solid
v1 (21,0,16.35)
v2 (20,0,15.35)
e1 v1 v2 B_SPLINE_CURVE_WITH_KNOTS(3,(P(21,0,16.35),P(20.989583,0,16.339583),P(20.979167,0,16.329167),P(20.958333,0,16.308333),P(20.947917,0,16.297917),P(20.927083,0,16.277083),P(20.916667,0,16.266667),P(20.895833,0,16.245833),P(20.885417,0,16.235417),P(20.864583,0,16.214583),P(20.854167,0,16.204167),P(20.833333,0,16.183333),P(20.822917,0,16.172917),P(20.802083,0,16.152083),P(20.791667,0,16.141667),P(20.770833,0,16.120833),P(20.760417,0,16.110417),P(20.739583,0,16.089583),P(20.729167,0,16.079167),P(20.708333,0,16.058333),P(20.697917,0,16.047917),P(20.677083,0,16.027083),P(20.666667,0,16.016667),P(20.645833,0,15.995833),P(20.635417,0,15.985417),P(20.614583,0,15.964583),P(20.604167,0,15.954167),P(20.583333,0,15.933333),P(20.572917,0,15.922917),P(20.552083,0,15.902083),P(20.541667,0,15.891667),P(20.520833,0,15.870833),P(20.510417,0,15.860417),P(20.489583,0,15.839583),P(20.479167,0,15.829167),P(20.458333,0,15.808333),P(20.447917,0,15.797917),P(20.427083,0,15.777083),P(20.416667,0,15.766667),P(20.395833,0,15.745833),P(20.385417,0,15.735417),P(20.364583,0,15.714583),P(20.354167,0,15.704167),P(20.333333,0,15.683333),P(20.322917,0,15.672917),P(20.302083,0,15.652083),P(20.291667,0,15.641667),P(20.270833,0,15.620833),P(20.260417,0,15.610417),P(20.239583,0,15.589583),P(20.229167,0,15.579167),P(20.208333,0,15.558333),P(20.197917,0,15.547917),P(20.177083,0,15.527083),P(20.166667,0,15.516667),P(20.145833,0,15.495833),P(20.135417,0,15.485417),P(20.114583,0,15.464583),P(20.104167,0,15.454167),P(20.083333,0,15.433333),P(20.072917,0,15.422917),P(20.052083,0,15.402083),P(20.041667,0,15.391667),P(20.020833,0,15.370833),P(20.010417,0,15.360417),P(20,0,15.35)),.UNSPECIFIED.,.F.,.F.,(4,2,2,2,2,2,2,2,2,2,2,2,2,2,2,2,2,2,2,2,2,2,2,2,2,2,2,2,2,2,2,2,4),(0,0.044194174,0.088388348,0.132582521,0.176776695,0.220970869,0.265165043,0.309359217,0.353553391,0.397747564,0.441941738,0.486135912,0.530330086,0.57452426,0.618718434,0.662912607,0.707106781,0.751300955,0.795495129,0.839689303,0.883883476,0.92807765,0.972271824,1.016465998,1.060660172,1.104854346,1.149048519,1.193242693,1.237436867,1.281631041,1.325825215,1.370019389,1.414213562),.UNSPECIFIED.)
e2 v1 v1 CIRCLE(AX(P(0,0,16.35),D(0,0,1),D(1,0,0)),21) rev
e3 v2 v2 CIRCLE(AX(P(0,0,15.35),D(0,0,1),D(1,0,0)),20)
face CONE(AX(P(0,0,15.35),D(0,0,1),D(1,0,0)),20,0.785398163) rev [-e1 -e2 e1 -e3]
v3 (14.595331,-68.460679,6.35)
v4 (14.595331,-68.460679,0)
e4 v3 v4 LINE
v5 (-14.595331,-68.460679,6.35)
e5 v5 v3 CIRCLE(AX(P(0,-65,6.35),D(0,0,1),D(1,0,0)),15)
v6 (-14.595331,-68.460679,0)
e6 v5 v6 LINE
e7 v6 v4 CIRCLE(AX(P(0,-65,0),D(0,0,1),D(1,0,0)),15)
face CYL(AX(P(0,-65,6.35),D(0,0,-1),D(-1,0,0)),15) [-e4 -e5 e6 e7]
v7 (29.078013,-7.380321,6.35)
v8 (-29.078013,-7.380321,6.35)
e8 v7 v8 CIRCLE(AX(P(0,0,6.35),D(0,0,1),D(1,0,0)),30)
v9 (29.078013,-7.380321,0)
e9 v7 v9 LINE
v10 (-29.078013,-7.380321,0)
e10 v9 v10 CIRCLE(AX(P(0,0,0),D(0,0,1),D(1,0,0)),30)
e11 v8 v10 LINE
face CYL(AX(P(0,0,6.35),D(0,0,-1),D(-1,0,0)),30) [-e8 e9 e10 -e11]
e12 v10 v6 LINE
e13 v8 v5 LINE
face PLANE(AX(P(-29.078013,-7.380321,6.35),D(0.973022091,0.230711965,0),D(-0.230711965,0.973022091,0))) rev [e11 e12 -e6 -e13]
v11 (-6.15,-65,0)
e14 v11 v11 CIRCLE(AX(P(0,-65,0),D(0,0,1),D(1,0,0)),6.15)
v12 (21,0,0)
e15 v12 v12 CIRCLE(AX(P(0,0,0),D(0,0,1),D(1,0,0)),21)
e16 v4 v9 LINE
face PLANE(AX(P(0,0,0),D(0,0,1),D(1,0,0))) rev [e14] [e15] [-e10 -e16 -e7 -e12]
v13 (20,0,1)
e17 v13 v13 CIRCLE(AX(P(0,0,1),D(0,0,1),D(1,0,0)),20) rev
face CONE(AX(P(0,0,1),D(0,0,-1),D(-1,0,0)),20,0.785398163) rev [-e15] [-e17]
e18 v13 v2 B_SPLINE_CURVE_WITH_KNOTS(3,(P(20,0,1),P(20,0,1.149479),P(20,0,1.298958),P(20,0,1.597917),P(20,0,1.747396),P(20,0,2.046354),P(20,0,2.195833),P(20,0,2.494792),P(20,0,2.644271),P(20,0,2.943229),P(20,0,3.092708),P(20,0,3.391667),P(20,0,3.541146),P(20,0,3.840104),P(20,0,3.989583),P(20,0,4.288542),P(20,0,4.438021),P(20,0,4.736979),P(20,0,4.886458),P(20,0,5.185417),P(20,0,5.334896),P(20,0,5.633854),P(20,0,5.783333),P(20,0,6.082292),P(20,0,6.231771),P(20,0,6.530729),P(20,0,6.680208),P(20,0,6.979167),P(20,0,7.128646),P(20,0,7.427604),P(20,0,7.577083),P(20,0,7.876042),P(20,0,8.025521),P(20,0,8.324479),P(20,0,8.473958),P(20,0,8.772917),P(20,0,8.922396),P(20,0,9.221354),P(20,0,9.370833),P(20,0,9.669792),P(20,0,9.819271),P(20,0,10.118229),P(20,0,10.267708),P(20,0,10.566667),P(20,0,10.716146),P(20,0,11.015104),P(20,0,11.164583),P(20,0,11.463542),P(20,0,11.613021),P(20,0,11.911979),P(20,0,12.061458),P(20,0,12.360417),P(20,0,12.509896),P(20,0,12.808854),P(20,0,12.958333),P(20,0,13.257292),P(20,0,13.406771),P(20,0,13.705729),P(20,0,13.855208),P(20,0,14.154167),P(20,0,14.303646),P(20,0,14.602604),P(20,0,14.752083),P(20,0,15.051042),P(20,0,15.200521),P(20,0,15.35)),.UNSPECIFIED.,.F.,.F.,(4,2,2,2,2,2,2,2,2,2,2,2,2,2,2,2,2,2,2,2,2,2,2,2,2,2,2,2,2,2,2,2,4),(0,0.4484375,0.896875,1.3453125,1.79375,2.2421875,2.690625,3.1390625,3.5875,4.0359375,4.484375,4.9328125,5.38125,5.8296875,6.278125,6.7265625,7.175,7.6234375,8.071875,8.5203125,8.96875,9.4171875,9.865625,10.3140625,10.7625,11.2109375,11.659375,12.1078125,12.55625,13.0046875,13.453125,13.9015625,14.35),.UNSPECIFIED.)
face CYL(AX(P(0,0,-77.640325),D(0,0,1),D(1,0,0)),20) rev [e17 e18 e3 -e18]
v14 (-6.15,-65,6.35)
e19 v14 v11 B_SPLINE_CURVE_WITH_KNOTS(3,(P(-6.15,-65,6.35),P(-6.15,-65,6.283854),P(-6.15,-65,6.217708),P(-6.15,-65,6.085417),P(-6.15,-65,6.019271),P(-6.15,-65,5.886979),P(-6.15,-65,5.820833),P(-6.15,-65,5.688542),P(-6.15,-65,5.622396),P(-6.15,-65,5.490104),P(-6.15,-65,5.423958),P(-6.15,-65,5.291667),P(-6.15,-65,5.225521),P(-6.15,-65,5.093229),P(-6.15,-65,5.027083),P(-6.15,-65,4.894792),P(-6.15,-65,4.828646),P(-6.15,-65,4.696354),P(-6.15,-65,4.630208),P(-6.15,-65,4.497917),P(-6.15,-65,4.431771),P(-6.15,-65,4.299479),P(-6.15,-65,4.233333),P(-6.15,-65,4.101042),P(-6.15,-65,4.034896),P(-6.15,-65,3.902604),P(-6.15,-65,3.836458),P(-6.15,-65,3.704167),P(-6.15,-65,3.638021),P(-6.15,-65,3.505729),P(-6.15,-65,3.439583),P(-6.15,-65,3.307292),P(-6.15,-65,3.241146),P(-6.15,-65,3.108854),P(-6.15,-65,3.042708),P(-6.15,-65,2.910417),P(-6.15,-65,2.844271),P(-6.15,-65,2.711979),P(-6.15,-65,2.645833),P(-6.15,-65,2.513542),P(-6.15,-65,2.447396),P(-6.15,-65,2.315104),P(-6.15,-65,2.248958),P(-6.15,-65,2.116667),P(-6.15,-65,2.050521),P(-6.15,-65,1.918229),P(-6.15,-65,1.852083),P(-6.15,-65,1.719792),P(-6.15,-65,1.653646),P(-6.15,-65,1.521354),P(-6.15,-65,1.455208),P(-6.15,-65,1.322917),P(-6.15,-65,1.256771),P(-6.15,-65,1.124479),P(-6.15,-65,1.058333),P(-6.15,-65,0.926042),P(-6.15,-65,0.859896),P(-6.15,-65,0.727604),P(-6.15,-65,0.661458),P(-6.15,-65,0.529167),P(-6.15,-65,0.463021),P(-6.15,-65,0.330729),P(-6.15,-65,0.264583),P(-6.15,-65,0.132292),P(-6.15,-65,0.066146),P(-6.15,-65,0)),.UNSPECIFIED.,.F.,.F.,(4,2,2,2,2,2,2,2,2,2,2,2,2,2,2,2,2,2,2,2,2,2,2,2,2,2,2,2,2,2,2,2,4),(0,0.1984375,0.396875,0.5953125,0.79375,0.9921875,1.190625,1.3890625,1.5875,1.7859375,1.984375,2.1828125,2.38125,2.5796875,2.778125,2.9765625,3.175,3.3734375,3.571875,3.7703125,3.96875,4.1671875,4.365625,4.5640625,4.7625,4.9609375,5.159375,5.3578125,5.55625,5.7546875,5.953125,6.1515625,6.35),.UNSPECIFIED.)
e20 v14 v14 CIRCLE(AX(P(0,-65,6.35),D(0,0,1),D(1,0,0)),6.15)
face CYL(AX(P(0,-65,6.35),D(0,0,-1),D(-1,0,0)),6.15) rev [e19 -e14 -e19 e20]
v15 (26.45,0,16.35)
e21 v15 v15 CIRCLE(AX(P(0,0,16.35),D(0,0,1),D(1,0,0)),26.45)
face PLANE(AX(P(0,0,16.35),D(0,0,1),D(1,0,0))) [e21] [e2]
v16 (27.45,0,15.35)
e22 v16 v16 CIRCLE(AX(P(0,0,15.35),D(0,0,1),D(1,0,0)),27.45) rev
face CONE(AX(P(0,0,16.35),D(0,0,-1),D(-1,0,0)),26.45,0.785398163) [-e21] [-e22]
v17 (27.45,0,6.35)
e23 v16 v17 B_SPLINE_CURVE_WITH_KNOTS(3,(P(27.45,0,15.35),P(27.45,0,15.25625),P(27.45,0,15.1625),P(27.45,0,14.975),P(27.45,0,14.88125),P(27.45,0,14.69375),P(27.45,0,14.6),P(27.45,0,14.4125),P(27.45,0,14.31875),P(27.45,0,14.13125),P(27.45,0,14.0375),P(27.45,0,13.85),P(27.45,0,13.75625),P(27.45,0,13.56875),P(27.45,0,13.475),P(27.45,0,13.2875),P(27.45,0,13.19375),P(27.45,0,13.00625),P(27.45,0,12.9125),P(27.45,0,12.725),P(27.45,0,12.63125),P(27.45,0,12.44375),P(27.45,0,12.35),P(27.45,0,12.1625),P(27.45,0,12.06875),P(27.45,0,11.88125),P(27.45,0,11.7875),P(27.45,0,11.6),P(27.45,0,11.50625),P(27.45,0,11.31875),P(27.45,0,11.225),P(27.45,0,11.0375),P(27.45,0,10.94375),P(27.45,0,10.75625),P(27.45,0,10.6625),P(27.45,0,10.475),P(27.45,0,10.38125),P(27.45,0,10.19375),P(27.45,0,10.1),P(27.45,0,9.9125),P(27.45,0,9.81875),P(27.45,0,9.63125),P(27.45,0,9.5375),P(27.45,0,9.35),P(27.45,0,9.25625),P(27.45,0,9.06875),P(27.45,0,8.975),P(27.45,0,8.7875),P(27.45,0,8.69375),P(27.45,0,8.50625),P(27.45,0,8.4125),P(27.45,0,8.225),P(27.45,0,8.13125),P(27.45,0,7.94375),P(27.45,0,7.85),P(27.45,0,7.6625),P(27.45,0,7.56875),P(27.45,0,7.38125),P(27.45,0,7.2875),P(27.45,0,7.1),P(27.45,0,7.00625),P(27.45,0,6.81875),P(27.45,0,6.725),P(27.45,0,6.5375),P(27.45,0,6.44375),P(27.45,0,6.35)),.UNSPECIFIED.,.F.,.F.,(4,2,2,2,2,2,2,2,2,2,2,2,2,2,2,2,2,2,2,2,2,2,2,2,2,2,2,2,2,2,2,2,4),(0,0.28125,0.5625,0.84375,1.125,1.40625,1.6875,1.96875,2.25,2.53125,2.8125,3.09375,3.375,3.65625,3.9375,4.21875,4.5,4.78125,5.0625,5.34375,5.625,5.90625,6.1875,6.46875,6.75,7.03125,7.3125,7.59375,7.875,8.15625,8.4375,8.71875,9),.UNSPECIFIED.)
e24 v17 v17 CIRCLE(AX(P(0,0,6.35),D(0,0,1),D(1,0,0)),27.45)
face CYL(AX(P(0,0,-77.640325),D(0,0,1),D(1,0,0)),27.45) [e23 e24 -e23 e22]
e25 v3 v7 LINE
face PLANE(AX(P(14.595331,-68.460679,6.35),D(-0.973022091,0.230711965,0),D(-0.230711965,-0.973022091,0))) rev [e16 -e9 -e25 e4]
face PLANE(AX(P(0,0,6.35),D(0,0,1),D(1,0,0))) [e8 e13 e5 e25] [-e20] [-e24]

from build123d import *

# Parameters (mm, degrees)
CROQUIS1_R                          = 25
CROQUIS1_R_2                        = 6.15
SALIENTE_EXTRUIR1_DEPTH             = 6.35
CROQUIS2_R                          = 27.45
CROQUIS2_R_2                        = 20
SALIENTE_EXTRUIR2_DEPTH             = 10
SALIENTE_EXTRUIR2_DIRECTION_2_REACH = 87.676
CHAFL_N1_SIZE                       = 1


with BuildPart() as part:
    # Croquis1 → Saliente-Extruir1 (new body)
    with BuildSketch(Plane.XY):
        with BuildLine():
            Line((14.595331362, -68.460679477), (29.078013405, -7.380320889))
            ThreePointArc((29.078013405, -7.380320889), (0, 30), (-29.078013405, -7.380320889))
            Line((-29.078013405, -7.380320889), (-14.595331362, -68.460679477))
            ThreePointArc((-14.595331362, -68.460679477), (0, -80), (14.595331362, -68.460679477))
        make_face()
        Circle(CROQUIS1_R, mode=Mode.SUBTRACT)
        with Locations((0, -65)):
            Circle(CROQUIS1_R_2, mode=Mode.SUBTRACT)
    extrude(amount=SALIENTE_EXTRUIR1_DEPTH)

    # Croquis2 → Saliente-Extruir2 (add)
    with BuildSketch(Plane.XY.offset(6.35)):
        Circle(CROQUIS2_R)
        Circle(CROQUIS2_R_2, mode=Mode.SUBTRACT)
    extrude(amount=SALIENTE_EXTRUIR2_DEPTH)

    # Saliente-Extruir2 direction 2: up to this face of the body (flat: up to its plane)
    saliente_extruir2_direction_2_end = Plane(part.part.faces().sort_by_distance((0, -32.142670277, 0))[0])
    # Croquis2 → Saliente-Extruir2 direction 2 (add, up to the picked face)
    with BuildSketch(Plane.XY.offset(6.35), mode=Mode.PRIVATE) as saliente_extruir2_direction_2_sk1:
        Circle(CROQUIS2_R)
        Circle(CROQUIS2_R_2, mode=Mode.SUBTRACT)
    saliente_extruir2_direction_2_tool1 = split(extrude(saliente_extruir2_direction_2_sk1.sketch, amount=-SALIENTE_EXTRUIR2_DIRECTION_2_REACH, mode=Mode.PRIVATE), bisect_by=saliente_extruir2_direction_2_end, keep=Keep.BOTH, mode=Mode.PRIVATE)
    add(saliente_extruir2_direction_2_tool1.solids().sort_by(Axis((-26.673597, 0, 6.35), (0, 0, -1)))[0])

    # Chaflán1
    chafl_n1_edges = [part.edges().sort_by_distance(p)[0] for p in [
        (-20, 0, 0),
        (-20, 0, 16.35),
        (-27.45, 0, 16.35),
    ]]
    chamfer(chafl_n1_edges, length=CHAFL_N1_SIZE)


solid = part.part
